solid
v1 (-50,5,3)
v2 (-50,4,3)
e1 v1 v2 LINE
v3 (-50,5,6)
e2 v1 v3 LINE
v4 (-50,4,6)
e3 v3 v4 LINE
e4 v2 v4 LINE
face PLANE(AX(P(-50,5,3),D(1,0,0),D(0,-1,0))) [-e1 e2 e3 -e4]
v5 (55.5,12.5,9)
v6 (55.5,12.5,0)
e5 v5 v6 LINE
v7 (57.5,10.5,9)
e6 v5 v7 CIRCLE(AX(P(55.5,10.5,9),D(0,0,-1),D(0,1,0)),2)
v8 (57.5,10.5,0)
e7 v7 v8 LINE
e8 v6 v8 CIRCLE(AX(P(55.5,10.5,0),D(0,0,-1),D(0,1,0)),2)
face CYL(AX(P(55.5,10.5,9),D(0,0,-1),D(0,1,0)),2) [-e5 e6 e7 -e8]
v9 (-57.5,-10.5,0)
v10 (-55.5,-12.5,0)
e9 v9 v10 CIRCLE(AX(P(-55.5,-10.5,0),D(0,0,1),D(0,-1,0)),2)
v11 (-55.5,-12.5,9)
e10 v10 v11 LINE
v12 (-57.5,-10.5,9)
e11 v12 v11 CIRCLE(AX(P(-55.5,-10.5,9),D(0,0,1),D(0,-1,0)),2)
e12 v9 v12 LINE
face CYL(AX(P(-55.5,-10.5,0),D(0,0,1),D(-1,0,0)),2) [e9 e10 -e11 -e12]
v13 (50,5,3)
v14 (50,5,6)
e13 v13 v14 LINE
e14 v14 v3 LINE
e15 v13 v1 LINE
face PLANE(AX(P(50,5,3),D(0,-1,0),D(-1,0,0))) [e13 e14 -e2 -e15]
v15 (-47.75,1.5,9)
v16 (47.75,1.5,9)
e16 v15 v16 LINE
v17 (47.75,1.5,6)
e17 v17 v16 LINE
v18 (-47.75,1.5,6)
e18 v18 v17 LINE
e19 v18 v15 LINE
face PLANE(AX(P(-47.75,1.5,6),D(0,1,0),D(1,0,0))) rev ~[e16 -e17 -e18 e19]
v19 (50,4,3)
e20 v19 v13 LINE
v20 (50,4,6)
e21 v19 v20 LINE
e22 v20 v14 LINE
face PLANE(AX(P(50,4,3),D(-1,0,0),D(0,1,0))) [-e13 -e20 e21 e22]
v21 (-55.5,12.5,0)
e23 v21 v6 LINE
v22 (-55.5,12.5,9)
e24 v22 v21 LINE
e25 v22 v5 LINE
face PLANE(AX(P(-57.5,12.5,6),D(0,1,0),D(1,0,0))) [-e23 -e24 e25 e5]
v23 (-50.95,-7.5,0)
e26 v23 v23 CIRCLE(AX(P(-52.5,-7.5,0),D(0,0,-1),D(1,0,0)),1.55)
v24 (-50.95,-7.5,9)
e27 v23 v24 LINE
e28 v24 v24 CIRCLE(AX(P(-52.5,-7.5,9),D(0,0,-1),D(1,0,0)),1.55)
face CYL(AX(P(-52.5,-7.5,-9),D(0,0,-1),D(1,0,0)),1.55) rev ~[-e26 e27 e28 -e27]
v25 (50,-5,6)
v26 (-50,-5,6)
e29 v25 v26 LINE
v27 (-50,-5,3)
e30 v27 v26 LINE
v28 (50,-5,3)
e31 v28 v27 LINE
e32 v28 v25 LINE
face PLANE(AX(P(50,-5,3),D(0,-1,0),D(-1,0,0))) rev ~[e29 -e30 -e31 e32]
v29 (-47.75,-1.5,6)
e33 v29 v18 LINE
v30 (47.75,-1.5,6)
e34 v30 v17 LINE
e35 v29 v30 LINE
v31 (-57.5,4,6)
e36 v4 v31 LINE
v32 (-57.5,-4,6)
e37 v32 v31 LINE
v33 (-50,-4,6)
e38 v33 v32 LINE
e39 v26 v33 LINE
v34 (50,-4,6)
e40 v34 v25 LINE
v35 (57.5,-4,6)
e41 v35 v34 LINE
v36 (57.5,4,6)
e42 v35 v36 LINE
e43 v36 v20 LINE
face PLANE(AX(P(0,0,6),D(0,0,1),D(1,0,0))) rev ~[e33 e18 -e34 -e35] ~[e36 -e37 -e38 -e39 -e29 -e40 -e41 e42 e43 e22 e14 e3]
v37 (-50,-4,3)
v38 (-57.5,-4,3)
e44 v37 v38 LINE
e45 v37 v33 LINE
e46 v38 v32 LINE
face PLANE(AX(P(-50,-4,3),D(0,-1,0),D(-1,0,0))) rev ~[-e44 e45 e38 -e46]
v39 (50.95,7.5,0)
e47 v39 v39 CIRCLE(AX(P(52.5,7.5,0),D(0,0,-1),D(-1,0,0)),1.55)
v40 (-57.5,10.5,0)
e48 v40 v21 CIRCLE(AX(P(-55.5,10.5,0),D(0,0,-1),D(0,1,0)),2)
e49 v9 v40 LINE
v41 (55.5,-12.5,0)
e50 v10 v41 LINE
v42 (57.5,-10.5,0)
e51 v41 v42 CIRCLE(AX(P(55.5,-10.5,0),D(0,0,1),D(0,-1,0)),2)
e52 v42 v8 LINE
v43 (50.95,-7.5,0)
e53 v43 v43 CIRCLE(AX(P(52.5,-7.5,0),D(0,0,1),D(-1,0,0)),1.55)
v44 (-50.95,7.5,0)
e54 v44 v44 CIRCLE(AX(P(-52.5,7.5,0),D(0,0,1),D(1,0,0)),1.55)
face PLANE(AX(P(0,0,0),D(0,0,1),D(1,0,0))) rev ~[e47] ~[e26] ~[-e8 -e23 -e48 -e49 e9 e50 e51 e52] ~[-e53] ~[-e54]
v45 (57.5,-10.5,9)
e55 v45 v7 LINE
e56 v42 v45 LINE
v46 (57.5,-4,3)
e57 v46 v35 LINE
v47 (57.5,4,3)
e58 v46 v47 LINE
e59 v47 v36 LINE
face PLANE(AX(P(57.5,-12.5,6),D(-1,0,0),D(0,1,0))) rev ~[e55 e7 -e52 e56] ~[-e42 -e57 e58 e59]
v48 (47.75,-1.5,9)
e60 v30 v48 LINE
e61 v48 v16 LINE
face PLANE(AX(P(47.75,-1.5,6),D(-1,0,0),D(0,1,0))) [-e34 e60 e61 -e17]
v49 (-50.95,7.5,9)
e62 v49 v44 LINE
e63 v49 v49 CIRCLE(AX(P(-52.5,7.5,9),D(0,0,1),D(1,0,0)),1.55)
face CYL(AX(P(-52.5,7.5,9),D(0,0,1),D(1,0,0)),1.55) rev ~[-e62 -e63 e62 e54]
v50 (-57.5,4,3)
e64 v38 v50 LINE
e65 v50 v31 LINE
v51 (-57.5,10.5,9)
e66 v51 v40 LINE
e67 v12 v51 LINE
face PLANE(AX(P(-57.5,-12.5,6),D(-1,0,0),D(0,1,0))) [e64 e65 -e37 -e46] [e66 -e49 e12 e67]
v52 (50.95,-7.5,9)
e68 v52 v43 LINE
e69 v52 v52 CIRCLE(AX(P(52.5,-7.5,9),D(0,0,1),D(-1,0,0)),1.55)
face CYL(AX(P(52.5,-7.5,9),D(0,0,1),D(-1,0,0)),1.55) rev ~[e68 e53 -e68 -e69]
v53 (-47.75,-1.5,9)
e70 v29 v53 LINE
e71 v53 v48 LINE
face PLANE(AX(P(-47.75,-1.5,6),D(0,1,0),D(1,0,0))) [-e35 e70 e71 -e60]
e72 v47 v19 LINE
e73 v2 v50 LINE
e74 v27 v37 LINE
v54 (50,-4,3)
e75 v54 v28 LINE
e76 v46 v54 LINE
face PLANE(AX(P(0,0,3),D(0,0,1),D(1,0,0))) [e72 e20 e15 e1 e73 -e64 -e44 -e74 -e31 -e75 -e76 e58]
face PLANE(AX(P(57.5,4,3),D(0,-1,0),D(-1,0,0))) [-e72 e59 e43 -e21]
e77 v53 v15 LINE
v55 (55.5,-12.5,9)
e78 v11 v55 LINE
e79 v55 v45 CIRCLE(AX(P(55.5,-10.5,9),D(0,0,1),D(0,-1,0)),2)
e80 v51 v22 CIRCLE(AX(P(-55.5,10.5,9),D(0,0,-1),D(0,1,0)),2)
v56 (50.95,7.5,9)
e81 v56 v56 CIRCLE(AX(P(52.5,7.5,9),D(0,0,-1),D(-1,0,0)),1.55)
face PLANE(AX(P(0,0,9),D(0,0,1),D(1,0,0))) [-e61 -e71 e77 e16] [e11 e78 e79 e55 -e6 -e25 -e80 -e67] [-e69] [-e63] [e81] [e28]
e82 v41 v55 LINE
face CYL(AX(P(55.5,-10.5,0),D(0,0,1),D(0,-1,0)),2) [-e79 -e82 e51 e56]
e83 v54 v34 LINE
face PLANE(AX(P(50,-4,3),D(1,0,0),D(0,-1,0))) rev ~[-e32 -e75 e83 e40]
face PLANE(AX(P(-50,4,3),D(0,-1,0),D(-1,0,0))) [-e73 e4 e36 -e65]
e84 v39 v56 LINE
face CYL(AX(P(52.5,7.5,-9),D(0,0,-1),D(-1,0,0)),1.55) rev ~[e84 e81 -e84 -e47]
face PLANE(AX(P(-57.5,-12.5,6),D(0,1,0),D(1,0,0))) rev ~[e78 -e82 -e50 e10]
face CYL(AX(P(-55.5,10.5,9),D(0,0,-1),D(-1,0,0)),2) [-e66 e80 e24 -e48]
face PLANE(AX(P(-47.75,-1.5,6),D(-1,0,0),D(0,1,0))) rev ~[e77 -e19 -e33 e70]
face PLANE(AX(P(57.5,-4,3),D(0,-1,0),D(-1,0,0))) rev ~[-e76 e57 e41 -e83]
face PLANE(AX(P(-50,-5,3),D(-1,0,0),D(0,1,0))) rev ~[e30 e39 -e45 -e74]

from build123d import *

# Parameters (mm, degrees)
SKETCH_W              = 115
SKETCH_H              = 25
PAD_DEPTH             = 3
PAD001_DEPTH          = 3
SKETCH002_W           = 115
SKETCH002_H           = 25
SKETCH002_W_2         = 95.5
SKETCH002_H_2         = 3
PAD002_DEPTH          = 3
SKETCH003_R           = 1.55
POCKET_DEPTH          = 245.060315
POLARPATTERN_COUNT    = 2
POLARPATTERN001_COUNT = 2
POLARPATTERN002_COUNT = 2
FILLET_R              = 2


with BuildPart() as part:
    # Sketch → Pad (new body)
    with BuildSketch(Plane.XY):
        Rectangle(SKETCH_W, SKETCH_H)
    extrude(amount=PAD_DEPTH)

    # Sketch001 (on Face6 of Pad) → Pad001 (join)
    with BuildSketch(Plane.XY.offset(3)):
        Polygon((-57.5, 12.5), (57.5, 12.5), (57.5, 4), (50, 4), (50, 5), (-50, 5), (-50, 4), (-57.5, 4), align=None)
        Polygon((-57.5, -12.5), (57.5, -12.5), (57.5, -4), (50, -4), (50, -5), (-50, -5), (-50, -4), (-57.5, -4), align=None)
    extrude(amount=PAD001_DEPTH)

    # Sketch002 (on Face12 of Pad001) → Pad002 (join)
    with BuildSketch(Plane.XY.offset(6)):
        Rectangle(SKETCH002_W, SKETCH002_H)
        Rectangle(SKETCH002_W_2, SKETCH002_H_2, mode=Mode.SUBTRACT)
    extrude(amount=PAD002_DEPTH)

    # Sketch003 (on Face26 of Pad002) → Pocket (cut, through all)
    with BuildSketch(Plane.XY.offset(9)):
        with Locations((-52.5, 7.5)):
            Circle(SKETCH003_R)
    pocket = extrude(amount=-POCKET_DEPTH, mode=Mode.SUBTRACT)

    # PolarPattern: Pocket ×2 about axis
    polarpattern_axis = Axis((0, 0, 0), (0, 1, 0))
    for i in range(1, POLARPATTERN_COUNT):
        add(pocket.rotate(polarpattern_axis, i * 360 / POLARPATTERN_COUNT), mode=Mode.SUBTRACT)

    # PolarPattern001: Pocket ×2 about axis
    polarpattern001_axis = Axis((0, 0, 0), (1, 0, 0))
    for i in range(1, POLARPATTERN001_COUNT):
        add(pocket.rotate(polarpattern001_axis, i * 360 / POLARPATTERN001_COUNT), mode=Mode.SUBTRACT)

    # PolarPattern002: Pocket ×2 about axis
    polarpattern002_axis = Axis((0, 0, 9), (0, 0, 1))
    for i in range(1, POLARPATTERN002_COUNT):
        add(pocket.rotate(polarpattern002_axis, i * 360 / POLARPATTERN002_COUNT), mode=Mode.SUBTRACT)

    # Fillet
    fillet_edges = [part.edges().sort_by_distance(p)[0] for p in [
        (57.5, 12.5, 7.5),
        (57.5, 12.5, 4.5),
        (57.5, 12.5, 1.5),
        (57.5, -12.5, 7.5),
        (-57.5, 12.5, 7.5),
        (-57.5, -12.5, 7.5),
    ]]
    fillet(fillet_edges, radius=FILLET_R)


solid = part.part
